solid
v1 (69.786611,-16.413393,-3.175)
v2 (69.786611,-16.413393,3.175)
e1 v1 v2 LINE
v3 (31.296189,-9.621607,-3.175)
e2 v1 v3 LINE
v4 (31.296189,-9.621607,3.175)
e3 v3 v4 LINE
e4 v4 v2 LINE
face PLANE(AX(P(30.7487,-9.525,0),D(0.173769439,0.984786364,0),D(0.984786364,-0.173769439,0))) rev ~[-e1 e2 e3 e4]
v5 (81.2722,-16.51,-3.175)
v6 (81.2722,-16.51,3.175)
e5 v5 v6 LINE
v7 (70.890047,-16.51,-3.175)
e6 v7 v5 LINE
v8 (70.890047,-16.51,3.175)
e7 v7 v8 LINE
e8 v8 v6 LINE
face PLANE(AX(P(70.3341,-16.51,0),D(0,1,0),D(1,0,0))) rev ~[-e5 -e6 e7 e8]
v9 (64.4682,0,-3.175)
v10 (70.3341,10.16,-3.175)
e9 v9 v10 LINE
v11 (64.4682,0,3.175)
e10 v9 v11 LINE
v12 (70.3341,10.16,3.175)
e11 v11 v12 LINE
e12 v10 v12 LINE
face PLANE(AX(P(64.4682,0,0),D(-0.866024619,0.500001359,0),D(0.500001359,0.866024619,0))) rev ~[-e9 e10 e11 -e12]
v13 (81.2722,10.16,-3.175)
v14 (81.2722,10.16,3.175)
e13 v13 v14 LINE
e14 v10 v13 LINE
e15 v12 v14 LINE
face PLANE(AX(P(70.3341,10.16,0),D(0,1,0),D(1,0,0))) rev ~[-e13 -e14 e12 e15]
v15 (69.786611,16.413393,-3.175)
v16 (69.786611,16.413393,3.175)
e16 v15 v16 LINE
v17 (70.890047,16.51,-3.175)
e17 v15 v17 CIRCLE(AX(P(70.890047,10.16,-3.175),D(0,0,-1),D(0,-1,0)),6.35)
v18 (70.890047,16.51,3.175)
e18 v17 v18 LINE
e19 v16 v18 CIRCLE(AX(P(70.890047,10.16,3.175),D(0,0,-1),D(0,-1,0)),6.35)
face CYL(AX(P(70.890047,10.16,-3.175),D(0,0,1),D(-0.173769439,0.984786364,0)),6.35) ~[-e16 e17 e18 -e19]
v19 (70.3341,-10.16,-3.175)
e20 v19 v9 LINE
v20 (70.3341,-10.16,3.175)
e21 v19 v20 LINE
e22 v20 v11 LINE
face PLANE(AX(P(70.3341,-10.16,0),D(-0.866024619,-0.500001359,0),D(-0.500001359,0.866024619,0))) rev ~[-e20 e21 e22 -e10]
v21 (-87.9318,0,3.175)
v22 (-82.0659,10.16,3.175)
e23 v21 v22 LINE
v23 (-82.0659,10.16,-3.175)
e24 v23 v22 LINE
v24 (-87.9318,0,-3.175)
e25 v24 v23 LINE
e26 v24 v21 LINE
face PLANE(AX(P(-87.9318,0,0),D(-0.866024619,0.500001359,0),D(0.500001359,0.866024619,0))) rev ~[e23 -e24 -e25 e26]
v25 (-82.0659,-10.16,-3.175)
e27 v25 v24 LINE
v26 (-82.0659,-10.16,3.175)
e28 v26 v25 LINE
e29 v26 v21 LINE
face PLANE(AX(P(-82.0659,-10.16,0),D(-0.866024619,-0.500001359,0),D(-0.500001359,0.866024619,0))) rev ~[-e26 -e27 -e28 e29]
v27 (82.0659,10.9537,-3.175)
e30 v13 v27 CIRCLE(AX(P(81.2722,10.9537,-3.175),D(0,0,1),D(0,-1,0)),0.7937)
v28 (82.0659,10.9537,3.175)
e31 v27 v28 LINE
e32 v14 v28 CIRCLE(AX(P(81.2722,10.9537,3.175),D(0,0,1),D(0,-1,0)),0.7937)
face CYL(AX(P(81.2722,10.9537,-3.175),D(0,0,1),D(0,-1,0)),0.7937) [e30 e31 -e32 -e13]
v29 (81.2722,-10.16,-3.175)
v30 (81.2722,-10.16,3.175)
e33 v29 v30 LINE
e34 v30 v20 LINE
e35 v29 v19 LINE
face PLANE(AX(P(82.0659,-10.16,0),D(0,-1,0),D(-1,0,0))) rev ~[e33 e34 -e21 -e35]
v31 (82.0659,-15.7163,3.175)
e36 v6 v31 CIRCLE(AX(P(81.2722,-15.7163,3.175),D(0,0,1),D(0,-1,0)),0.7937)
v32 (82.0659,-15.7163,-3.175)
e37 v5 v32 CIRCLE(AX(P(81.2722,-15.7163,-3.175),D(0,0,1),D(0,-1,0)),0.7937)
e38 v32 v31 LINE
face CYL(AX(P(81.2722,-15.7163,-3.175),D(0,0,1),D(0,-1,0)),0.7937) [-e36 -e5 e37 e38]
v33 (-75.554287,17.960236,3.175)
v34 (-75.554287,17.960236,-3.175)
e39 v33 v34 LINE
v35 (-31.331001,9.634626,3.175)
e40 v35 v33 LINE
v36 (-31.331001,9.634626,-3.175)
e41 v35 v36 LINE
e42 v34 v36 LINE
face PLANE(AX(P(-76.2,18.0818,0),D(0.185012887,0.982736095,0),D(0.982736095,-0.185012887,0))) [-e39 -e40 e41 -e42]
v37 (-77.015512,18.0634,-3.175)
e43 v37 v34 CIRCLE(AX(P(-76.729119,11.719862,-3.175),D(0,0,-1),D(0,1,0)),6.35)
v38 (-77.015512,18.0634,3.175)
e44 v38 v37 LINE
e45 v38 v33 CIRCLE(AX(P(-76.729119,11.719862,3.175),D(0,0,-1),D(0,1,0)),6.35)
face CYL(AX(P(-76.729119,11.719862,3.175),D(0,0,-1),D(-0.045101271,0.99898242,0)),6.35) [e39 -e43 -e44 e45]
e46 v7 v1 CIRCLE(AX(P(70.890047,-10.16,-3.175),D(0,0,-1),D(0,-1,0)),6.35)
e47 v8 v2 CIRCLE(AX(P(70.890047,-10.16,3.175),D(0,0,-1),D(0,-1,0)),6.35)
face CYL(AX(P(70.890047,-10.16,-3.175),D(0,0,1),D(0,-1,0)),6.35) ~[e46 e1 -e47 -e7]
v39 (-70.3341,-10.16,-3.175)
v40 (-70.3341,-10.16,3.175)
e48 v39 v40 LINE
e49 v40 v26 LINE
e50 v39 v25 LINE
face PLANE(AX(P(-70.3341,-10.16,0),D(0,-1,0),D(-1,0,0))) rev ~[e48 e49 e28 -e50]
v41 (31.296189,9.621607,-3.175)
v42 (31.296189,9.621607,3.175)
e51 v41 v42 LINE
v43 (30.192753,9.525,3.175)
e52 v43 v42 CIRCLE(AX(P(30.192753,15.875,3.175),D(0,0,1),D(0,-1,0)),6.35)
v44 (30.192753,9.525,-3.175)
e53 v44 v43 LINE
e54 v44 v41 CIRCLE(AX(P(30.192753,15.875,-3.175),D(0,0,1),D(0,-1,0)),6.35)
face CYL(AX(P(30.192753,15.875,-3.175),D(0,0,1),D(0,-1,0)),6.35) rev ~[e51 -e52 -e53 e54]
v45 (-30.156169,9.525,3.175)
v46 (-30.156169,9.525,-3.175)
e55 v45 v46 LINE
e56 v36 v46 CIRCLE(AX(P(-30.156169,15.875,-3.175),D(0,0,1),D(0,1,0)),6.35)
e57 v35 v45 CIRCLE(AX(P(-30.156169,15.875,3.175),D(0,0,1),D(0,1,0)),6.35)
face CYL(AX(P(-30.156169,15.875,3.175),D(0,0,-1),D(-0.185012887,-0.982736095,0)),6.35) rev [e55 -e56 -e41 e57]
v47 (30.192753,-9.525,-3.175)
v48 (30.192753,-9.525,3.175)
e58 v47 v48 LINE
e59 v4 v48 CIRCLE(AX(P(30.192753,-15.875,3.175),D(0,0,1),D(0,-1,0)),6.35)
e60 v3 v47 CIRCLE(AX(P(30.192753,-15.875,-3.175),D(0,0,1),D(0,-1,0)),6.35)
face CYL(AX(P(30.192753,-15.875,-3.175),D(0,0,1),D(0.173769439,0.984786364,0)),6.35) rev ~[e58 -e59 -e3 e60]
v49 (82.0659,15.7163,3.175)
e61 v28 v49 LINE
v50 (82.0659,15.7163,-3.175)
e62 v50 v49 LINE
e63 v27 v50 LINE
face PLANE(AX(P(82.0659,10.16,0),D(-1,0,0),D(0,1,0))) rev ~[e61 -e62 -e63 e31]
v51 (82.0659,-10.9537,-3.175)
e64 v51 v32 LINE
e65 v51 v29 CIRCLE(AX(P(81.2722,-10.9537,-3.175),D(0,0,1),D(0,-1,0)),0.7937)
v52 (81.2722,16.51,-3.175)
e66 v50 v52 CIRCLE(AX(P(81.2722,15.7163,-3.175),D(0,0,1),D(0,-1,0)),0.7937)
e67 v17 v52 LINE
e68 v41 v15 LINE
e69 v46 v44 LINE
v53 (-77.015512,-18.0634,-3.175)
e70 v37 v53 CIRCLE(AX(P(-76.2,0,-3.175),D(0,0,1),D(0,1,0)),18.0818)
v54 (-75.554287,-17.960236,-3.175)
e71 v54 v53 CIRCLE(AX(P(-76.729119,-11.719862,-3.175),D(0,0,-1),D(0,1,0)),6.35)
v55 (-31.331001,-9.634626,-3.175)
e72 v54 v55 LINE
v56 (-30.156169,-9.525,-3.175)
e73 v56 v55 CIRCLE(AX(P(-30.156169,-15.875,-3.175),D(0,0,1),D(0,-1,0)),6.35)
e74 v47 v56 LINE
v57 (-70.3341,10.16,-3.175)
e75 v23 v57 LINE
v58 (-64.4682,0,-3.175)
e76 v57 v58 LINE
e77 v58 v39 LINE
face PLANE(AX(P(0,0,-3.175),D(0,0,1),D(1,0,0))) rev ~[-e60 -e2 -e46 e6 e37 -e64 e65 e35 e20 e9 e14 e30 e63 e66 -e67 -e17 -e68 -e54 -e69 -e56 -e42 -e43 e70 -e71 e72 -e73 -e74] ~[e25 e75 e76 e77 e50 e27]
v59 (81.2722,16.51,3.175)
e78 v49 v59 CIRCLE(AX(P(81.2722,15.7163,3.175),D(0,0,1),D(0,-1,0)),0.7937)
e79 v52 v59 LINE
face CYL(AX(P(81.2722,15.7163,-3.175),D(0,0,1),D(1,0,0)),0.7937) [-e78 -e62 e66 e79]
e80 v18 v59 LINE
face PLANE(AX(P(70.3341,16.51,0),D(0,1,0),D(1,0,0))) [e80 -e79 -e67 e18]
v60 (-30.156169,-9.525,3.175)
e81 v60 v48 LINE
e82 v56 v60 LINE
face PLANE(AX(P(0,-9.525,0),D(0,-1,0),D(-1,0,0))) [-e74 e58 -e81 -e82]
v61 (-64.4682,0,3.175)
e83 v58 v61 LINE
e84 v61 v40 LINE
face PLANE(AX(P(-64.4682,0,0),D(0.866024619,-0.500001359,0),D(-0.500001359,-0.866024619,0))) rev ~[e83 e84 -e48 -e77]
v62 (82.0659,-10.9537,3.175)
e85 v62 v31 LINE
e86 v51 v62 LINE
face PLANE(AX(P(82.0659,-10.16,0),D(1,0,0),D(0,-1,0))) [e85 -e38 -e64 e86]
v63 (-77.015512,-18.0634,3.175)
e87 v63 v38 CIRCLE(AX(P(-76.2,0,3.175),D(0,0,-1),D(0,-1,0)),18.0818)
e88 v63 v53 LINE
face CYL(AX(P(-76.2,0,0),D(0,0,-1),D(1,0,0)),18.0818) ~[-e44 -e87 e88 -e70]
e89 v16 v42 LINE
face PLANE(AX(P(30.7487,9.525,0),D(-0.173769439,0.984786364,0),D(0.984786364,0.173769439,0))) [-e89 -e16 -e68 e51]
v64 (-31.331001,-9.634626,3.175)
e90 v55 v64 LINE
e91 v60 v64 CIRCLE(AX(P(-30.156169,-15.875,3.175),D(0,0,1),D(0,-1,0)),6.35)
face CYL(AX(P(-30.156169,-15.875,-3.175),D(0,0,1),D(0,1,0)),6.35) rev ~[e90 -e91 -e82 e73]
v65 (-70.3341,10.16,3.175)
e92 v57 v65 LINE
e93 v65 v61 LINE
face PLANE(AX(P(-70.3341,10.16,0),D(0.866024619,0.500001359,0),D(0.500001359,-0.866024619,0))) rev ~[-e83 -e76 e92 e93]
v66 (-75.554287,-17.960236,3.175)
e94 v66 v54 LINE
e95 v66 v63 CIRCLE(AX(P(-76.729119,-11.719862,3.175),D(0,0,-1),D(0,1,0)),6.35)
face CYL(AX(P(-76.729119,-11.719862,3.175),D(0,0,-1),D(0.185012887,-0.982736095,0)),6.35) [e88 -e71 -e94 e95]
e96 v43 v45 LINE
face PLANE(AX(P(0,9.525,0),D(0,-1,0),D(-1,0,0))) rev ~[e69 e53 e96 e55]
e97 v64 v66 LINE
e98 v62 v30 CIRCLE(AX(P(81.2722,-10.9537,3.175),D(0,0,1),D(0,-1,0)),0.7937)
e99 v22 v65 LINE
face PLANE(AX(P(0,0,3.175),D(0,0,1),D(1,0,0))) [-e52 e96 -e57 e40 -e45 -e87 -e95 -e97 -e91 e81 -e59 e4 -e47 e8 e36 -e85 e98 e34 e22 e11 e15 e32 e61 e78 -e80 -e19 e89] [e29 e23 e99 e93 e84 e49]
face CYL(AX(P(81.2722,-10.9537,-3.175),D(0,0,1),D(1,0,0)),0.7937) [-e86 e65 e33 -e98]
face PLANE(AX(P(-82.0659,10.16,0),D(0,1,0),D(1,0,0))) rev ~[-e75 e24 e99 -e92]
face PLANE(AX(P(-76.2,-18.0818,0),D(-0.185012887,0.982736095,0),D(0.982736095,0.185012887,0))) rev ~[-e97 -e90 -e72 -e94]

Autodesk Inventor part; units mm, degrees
ref_plane "YZ Plane" through (0, 0, 0) normal (1, 0, 0) x (0, 1, 0)
ref_plane "XZ Plane" through (0, 0, 0) normal (0, 1, 0) x (-1, 0, 0)
ref_plane "XY Plane" through (0, 0, 0) normal (0, 0, 1) x (1, 0, 0)
sketch "Sketch2" plane through (0, 0, 0) normal (0, 0, 1) x (1, 0, 0)
  line L0 (-64.4682, 0) -> (-70.3341, -10.16)
  line L1 (-70.3341, -10.16) -> (-82.0659, -10.16)
  line L2 (-82.0659, -10.16) -> (-87.9318, 0)
  line L3 (-87.9318, 0) -> (-82.0659, 10.16)
  line L4 (-82.0659, 10.16) -> (-70.3341, 10.16)
  line L5 (-70.3341, 10.16) -> (-64.4682, 0)
  line L6 (-76.2, 0) -> (76.2, 0) construction
  line L7 (82.0659, -10.16) -> (70.3341, -10.16)
  line L8 (70.3341, -10.16) -> (64.4682, 0)
  line L9 (64.4682, 0) -> (70.3341, 10.16)
  line L10 (70.3341, 10.16) -> (82.0659, 10.16)
  line L11 (82.0659, 10.16) -> (82.4325, 9.525)
  line L12 (-132.627, 0) -> (135.7899, 0) projected
  line L13 (0, 0) -> (0, 37.2208) construction
  line L14 (0, 9.525) -> (30.7487, 9.525)
  line L15 (0, 9.525) -> (-30.7487, 9.525)
  circle A0 centre (-76.2, 0) radius 18.0818
  line L16 (-87.9318, 0) -> (-94.2818, 0) construction
  arc A1 (61.0244, 14.8673) -> (61.0244, -14.8673) centre (76.2, 0) ccw
  line L17 (87.9318, 0) -> (97.4446, 0) construction
  line L18 (87.9318, 0) -> (89.9839, -16.166) construction
  line L19 (30.7487, 9.525) -> (70.3341, 16.51)
  line L20 (-76.2, 18.0818) -> (-30.7487, 9.525)
  line L21 (70.3341, 10.16) -> (70.3341, 16.51) construction
  line L22 (82.0659, 10.16) -> (82.0659, 16.51)
  line L23 (82.0659, -10.16) -> (82.0659, -16.51)
  line L24 (0, -9.525) -> (30.7487, -9.525)
  line L25 (0, -9.525) -> (-30.7487, -9.525)
  line L26 (30.7487, -9.525) -> (70.3341, -16.51)
  line L27 (-76.2, -18.0818) -> (-30.7487, -9.525)
  line L28 (70.3341, 16.51) -> (82.0659, 16.51)
  line L29 (70.3341, -10.16) -> (70.3341, -16.51) construction
  line L30 (70.3341, -16.51) -> (82.0659, -16.51)
  point P0 (82.0659, 18.5801)
  point P1 (82.0659, -18.5801)
  dimension "centerToBoxEndWrench" = 76.2
  dimension "boltPrintedSize" = 20.32
  dimension "centerToOpenEndWrench" = 76.2
  dimension "d23" = 9.525
  dimension "d24" = 6.35
  dimension "d26" = 6.35
extrude "Extrusion2" add sketch "Sketch2" along normal mid plane 6.35 contours L12 A0 L27 L2 L1 L0 | L5 L4 L3 L12 A0 L20 | A0 L20 L15 L14 L19 A1 L12 | L12 A1 L26 L24 L25 L27 A0 | A1 L19 L28 L22 L10 L9 L12 | L12 L8 L7 L23 L30 L26 A1
fillet "Fillet1" radius 0.7937 4 edges at (82.0659, 16.51, 0) (82.0659, 10.16, 0) (82.0659, -10.16, 0) (82.0659, -16.51, 0)
fillet "Fillet2" radius 6.35 8 edges at (-30.7487, -9.525, 0) (30.7487, -9.525, 0) (70.3341, -16.51, 0) (-76.2, -18.0818, 0) (-76.2, 18.0818, 0) (-30.7487, 9.525, 0) (30.7487, 9.525, 0) (70.3341, 16.51, 0)
equation "\"centerToBoxEndWrench\" = 4 * boltSize"
equation "\"boltPrintedSize\" = boltSize + boltGap"
equation "\"centerToOpenEndWrench\" = 4 * boltSize"
equation "\"d23\" = 0.5 * boltSize"
equation "\"d24\" = minWallThickness"
equation "\"d26\" = minWallThickness"
equation "\"d27\" = minWallThickness"
equation "\"minWallThickness\" = 6.35"
equation "\"boltGap\" = 1.27"
equation "\"boltSize\" = 19.05"
properties part number "3_4_inchWrenchV04"
